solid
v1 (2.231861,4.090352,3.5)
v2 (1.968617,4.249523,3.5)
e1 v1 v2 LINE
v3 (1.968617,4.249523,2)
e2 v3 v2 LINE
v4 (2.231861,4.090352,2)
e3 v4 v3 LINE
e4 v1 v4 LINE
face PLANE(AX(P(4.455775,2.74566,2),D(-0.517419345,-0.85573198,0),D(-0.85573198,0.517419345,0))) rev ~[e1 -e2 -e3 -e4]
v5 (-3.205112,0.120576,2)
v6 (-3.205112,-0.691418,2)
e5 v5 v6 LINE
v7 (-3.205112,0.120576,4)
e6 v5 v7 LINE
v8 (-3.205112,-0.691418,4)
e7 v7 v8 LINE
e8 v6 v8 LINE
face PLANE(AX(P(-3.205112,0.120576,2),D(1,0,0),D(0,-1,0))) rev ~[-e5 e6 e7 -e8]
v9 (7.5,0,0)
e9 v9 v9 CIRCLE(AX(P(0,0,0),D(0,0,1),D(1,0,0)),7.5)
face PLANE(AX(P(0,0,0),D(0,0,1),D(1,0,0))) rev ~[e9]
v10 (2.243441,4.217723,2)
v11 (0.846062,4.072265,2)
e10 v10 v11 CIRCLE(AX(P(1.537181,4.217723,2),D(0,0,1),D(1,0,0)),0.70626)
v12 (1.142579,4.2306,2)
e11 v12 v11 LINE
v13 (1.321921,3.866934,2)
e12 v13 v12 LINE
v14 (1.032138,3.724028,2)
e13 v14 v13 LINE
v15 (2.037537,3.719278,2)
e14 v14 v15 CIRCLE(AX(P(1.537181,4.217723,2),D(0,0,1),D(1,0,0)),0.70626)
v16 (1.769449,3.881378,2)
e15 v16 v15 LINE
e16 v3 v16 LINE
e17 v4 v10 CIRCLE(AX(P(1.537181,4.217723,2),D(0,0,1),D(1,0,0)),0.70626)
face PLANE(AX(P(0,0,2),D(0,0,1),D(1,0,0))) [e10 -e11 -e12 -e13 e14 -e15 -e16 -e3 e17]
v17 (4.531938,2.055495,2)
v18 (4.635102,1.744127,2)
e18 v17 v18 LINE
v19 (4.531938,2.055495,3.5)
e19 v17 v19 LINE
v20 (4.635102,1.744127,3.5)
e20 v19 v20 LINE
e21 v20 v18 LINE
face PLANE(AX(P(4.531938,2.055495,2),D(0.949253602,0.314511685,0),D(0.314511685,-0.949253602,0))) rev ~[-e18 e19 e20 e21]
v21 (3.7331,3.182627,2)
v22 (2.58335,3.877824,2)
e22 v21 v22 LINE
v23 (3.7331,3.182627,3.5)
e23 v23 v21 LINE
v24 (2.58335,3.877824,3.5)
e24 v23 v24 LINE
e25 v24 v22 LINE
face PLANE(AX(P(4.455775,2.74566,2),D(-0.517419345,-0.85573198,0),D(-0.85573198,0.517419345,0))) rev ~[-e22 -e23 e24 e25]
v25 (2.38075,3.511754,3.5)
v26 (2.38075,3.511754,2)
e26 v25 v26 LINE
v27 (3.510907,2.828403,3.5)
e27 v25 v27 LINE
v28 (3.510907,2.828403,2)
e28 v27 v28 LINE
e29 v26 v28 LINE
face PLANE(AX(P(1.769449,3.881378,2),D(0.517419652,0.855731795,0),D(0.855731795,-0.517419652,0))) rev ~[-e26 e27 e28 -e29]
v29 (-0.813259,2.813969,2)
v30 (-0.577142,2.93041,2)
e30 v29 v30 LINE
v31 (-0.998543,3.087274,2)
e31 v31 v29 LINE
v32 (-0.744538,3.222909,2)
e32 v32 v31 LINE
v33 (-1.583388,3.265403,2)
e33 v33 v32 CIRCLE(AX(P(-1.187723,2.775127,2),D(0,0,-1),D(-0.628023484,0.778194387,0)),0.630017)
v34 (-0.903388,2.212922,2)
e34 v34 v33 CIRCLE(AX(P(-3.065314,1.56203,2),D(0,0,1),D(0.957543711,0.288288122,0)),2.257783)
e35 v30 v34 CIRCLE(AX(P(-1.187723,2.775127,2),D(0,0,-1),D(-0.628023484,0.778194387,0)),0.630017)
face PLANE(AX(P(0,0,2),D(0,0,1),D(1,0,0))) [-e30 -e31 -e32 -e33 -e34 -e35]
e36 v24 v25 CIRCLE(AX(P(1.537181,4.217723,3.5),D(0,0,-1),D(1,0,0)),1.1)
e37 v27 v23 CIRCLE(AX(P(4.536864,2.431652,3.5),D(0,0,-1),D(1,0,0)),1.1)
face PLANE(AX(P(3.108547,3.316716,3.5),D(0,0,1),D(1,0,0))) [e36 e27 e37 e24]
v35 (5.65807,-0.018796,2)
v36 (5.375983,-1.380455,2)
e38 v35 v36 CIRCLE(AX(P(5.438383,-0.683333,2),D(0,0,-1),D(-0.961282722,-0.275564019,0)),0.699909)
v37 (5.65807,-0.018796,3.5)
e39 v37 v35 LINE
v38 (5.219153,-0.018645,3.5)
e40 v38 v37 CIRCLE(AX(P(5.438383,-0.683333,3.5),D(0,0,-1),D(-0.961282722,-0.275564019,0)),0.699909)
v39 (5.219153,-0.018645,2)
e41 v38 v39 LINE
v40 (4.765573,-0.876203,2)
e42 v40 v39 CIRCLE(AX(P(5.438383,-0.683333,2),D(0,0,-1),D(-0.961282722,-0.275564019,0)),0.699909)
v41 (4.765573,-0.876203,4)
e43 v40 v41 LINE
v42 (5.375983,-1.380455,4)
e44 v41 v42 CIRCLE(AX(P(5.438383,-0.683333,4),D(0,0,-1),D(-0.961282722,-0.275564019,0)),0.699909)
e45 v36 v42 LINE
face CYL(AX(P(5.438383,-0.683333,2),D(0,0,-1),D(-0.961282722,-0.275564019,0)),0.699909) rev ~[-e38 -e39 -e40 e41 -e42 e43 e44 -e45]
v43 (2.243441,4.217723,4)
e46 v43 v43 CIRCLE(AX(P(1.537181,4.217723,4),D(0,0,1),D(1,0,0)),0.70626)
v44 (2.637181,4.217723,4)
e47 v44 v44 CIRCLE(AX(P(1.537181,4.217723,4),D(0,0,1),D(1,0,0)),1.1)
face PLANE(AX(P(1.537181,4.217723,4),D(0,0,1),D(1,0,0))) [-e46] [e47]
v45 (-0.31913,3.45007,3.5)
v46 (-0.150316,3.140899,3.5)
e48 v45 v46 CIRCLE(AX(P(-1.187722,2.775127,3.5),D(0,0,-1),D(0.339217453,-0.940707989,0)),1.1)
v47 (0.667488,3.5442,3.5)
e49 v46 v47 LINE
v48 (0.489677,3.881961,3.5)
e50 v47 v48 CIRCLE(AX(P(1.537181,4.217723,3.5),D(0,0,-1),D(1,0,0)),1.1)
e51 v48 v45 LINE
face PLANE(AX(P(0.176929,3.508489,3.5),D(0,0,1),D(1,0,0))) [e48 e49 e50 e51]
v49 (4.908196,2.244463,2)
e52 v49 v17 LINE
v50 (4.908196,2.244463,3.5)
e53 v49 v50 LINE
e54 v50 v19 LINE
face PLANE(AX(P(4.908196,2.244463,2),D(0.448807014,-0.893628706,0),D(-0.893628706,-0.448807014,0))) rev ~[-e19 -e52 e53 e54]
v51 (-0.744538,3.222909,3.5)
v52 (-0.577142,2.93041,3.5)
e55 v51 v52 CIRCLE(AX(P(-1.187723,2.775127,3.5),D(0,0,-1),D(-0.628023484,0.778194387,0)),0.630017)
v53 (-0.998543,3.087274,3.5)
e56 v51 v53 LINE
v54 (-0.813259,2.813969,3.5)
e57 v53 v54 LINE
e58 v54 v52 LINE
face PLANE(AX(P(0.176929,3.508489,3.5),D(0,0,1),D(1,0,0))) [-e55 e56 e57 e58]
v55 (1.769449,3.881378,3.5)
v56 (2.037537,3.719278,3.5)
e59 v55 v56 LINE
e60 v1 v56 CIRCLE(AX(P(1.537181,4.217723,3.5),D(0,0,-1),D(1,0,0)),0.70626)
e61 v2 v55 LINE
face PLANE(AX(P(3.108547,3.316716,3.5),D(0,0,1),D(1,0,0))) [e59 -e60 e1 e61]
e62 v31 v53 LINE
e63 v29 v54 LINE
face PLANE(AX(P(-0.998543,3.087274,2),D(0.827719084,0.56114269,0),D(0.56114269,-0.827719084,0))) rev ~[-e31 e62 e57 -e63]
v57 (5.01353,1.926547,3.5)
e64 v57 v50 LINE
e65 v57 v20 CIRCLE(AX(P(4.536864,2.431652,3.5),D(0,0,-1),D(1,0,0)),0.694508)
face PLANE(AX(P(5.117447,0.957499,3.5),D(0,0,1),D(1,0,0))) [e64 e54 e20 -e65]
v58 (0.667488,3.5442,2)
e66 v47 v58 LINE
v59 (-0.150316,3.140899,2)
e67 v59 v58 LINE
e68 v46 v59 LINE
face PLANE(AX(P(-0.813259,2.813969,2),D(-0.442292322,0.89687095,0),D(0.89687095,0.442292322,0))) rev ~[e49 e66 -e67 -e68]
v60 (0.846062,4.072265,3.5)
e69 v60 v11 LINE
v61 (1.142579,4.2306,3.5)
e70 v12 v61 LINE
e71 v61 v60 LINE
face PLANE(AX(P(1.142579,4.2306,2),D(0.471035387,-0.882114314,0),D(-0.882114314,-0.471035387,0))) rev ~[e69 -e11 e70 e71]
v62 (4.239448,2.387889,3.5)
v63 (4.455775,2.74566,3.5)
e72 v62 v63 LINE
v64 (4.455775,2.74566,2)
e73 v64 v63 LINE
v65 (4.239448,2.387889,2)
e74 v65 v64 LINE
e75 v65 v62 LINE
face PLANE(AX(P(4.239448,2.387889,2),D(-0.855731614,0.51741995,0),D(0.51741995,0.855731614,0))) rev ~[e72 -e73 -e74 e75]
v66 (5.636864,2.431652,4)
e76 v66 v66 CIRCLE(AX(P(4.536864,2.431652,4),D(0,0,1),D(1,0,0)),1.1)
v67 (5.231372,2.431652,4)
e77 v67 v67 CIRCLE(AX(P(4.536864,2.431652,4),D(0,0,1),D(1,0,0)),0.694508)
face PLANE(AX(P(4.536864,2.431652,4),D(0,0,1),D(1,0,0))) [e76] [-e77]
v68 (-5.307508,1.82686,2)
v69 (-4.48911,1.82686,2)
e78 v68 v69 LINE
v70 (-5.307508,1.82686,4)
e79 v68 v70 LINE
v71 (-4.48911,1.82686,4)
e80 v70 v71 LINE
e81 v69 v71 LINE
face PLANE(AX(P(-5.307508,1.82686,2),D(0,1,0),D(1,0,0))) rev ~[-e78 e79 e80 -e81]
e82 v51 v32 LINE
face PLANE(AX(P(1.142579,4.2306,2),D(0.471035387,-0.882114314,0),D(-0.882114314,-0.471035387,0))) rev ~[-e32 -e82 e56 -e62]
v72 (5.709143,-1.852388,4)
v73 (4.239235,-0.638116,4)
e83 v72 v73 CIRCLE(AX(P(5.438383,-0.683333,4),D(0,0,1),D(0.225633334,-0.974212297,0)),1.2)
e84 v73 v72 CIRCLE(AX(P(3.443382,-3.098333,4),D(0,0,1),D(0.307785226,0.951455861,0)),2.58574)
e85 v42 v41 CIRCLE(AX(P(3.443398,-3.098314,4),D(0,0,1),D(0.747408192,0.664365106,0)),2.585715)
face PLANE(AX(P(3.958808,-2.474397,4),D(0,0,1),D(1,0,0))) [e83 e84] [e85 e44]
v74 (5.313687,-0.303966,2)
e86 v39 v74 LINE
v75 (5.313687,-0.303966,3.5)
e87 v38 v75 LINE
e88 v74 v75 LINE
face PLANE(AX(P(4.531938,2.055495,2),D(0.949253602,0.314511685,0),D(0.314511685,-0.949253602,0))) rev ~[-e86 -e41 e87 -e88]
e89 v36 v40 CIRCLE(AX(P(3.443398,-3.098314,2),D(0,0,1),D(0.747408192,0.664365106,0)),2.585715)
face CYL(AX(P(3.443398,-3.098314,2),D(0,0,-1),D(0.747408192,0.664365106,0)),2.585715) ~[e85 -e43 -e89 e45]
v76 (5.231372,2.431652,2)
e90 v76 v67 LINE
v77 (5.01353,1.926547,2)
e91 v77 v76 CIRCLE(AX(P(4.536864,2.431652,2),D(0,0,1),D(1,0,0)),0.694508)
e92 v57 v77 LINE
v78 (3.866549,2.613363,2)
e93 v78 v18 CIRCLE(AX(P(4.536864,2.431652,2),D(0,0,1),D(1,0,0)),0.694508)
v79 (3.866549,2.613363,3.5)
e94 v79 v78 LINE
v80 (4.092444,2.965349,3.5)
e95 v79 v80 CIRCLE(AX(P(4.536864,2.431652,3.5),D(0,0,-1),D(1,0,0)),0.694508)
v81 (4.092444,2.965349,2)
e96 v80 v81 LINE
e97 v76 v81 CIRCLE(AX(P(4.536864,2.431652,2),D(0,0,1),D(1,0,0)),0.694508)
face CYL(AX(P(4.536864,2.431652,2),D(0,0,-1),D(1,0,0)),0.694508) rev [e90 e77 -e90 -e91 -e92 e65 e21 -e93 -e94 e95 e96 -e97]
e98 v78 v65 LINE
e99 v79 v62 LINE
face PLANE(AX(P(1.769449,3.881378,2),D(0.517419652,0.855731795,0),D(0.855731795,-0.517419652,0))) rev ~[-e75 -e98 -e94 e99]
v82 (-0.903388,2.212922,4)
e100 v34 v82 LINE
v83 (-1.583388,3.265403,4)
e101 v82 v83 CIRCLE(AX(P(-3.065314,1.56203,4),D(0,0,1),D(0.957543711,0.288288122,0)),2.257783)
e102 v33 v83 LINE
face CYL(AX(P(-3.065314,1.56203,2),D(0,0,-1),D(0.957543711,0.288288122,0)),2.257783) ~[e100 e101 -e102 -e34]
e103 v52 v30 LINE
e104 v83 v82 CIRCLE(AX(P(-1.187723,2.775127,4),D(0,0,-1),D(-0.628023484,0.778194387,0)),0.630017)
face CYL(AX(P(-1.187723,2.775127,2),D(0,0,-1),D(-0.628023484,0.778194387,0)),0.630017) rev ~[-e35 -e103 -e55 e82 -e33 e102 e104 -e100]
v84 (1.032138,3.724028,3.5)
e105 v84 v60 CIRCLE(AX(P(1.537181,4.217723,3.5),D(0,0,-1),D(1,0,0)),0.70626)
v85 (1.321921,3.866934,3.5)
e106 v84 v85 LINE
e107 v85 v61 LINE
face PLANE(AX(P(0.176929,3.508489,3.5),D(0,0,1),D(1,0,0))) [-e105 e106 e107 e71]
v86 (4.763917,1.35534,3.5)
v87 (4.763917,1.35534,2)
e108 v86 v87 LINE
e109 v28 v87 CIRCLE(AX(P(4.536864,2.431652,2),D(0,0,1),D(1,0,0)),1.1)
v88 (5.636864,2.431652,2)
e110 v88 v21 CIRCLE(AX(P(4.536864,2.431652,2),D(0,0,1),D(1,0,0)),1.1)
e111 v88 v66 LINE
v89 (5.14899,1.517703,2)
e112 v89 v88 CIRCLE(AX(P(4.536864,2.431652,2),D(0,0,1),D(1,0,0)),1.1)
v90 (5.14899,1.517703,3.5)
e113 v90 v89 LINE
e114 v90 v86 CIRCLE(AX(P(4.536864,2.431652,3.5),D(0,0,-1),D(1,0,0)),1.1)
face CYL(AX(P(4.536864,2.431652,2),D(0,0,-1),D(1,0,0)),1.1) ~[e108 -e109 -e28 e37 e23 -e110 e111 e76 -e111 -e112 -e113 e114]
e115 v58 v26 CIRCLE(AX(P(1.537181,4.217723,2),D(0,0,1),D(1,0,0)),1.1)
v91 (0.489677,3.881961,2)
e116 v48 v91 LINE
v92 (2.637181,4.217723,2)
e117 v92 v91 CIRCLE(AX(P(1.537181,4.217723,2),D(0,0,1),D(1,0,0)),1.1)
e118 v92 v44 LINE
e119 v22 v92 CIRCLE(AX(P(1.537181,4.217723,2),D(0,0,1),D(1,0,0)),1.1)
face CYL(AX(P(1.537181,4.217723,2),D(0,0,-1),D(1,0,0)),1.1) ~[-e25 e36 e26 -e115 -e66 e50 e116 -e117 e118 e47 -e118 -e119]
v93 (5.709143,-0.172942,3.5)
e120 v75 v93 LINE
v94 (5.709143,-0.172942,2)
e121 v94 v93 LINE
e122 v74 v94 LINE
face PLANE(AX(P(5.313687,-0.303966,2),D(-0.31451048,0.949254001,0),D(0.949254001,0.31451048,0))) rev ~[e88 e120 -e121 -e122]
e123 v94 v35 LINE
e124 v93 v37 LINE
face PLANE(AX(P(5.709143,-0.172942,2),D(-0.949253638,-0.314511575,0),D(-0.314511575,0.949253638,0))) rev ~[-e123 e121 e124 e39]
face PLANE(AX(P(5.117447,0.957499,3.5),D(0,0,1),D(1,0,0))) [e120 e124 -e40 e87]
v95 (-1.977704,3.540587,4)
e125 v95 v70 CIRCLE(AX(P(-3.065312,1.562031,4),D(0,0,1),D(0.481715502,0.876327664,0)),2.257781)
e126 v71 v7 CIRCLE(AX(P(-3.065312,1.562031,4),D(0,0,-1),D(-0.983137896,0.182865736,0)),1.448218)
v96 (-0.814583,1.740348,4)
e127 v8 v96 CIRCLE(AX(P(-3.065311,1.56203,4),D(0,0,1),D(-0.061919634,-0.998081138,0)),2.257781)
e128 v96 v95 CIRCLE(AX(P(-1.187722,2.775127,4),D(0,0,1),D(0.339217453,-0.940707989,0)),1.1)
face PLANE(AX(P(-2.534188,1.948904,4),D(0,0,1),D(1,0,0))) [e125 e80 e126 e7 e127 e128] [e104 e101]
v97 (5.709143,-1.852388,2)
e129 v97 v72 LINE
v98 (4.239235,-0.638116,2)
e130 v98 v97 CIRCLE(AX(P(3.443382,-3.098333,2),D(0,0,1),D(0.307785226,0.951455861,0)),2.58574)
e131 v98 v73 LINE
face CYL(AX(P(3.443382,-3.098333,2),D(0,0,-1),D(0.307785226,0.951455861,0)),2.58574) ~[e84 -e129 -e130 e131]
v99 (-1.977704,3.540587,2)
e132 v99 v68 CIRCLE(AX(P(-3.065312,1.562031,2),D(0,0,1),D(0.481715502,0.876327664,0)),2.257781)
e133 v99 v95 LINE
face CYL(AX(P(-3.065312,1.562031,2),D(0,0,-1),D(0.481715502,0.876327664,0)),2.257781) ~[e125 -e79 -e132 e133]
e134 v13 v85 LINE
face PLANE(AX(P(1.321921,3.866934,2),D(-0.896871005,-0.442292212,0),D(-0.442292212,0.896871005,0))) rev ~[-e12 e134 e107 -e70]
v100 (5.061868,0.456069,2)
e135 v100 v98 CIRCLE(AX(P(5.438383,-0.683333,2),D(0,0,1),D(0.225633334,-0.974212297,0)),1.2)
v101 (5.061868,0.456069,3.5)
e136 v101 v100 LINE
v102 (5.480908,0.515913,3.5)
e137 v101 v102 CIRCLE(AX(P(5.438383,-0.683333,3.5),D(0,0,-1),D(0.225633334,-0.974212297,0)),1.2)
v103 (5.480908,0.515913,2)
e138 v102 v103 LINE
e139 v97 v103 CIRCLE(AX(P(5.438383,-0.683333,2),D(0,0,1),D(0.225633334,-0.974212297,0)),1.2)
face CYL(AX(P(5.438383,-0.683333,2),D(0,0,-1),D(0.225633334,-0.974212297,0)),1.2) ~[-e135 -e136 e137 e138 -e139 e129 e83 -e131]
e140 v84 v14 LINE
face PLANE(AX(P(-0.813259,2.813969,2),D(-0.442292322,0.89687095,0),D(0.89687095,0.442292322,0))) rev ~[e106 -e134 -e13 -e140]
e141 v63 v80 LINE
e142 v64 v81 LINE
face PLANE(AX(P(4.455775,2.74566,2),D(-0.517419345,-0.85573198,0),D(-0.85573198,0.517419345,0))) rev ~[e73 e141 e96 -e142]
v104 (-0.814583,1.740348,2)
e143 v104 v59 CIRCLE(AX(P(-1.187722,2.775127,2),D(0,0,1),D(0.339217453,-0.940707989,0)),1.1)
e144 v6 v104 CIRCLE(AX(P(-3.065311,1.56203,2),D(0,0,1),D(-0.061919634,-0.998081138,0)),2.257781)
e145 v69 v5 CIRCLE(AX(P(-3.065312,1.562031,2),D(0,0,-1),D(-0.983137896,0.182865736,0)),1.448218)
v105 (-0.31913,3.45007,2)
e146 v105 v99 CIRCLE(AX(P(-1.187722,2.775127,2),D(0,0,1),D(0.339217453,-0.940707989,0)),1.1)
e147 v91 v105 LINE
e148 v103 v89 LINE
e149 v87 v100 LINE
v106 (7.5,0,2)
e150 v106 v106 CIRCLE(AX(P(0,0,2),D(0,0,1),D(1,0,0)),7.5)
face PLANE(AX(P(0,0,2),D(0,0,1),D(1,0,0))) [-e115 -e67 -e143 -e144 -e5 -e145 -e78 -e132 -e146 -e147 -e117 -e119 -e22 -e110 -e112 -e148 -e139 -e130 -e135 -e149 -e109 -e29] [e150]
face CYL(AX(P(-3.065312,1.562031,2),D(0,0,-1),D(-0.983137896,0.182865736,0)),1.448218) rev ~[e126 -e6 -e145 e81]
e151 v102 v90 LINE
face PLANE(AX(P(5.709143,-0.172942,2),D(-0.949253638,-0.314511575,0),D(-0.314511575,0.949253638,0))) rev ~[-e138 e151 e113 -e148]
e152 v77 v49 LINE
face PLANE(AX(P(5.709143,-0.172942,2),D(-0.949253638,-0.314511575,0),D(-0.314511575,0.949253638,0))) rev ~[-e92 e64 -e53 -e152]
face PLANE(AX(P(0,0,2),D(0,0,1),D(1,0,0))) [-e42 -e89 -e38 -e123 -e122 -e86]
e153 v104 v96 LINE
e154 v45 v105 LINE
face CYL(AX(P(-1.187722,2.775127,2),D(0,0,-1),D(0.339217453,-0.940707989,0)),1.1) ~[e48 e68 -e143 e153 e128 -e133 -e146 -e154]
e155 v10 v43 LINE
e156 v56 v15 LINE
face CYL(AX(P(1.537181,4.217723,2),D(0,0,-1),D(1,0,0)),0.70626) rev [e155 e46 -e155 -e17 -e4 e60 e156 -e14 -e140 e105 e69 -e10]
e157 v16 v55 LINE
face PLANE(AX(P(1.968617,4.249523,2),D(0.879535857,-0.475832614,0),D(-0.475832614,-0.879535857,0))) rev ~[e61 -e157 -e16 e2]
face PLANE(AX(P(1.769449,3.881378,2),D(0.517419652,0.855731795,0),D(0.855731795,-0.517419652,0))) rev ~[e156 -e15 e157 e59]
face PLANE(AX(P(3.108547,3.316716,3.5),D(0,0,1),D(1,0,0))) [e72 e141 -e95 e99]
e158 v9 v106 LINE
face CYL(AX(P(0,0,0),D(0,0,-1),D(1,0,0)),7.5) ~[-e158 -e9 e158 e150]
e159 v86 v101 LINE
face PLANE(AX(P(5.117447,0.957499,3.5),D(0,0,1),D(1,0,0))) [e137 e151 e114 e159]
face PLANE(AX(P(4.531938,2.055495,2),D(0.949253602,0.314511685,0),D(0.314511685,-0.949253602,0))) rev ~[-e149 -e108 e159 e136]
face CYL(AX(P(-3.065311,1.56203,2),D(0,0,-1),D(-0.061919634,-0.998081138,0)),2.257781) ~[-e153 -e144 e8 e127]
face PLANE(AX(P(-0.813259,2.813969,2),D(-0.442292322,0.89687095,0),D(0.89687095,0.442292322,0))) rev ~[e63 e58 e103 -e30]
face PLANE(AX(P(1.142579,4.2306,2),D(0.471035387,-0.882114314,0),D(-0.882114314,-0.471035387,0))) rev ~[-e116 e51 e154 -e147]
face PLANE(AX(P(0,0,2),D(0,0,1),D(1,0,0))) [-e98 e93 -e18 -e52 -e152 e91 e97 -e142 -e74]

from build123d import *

# Parameters (mm, degrees)
F0_R     = 7.5
F1_DEPTH = 2
F2_R     = 1.1
F2_R_2   = 0.70626
F2_R_3   = 0.694508
F3_DEPTH = 2
F5_DEPTH = 1.5


with BuildPart() as f1:
    # F0 (on Top) → F1 (new body)
    with BuildSketch(Plane.XY):
        Circle(F0_R)
    extrude(amount=F1_DEPTH)

    # F2 (on face) → F3 (join)
    with BuildSketch(Plane.XY.offset(2)):
        with BuildLine():
            ThreePointArc((5.709143, -1.852388), (6.202641, 0.241821), (4.239235, -0.638116))
            ThreePointArc((4.239235, -0.638116), (1.796573, -5.09184), (5.709143, -1.852388))
        make_face()
        with BuildLine():
            ThreePointArc((4.765573, -0.876203), (5.884142, -0.14373), (5.375983, -1.380455))
            ThreePointArc((5.375983, -1.380455), (5.090193, -1.104827), (4.765573, -0.876203))
        make_face(mode=Mode.SUBTRACT)
        with Locations((1.537181, 4.217723)):
            Circle(F2_R)
        with Locations((1.537181, 4.217723)):
            Circle(F2_R_2, mode=Mode.SUBTRACT)
        with Locations((4.536864, 2.431652)):
            Circle(F2_R)
        with Locations((4.536864, 2.431652)):
            Circle(F2_R_3, mode=Mode.SUBTRACT)
        with BuildLine():
            Line((-3.205112, 0.120576), (-3.205112, -0.691418))
            ThreePointArc((-3.205112, -0.691418), (-1.455226, -0.020752), (-0.814583, 1.740348))
            ThreePointArc((-0.814583, 1.740348), (-0.263788, 3.372074), (-1.977704, 3.540587))
            ThreePointArc((-1.977704, 3.540587), (-4.098503, 3.56954), (-5.307508, 1.82686))
            Line((-5.307508, 1.82686), (-4.48911, 1.82686))
            ThreePointArc((-4.48911, 1.82686), (-1.908134, 2.43282), (-3.205112, 0.120576))
        make_face()
        with BuildLine():
            ThreePointArc((-1.583388, 3.265403), (-0.658546, 3.117024), (-0.903388, 2.212922))
            ThreePointArc((-0.903388, 2.212922), (-1.168911, 2.787281), (-1.583388, 3.265403))
        make_face(mode=Mode.SUBTRACT)
    extrude(amount=F3_DEPTH)

    # F4 (on face) → F5 (join)
    with BuildSketch(Plane.XY.offset(2)):
        Polygon((1.142579, 4.2306), (-0.998543, 3.087274), (-0.813259, 2.813969), (1.321921, 3.866934), align=None)
        Polygon((4.455775, 2.74566), (1.968617, 4.249523), (1.769449, 3.881378), (4.239448, 2.387889), align=None)
        Polygon((4.908196, 2.244463), (4.531938, 2.055495), (5.313687, -0.303966), (5.709143, -0.172942), align=None)
    extrude(amount=F5_DEPTH)


solid = f1.part
